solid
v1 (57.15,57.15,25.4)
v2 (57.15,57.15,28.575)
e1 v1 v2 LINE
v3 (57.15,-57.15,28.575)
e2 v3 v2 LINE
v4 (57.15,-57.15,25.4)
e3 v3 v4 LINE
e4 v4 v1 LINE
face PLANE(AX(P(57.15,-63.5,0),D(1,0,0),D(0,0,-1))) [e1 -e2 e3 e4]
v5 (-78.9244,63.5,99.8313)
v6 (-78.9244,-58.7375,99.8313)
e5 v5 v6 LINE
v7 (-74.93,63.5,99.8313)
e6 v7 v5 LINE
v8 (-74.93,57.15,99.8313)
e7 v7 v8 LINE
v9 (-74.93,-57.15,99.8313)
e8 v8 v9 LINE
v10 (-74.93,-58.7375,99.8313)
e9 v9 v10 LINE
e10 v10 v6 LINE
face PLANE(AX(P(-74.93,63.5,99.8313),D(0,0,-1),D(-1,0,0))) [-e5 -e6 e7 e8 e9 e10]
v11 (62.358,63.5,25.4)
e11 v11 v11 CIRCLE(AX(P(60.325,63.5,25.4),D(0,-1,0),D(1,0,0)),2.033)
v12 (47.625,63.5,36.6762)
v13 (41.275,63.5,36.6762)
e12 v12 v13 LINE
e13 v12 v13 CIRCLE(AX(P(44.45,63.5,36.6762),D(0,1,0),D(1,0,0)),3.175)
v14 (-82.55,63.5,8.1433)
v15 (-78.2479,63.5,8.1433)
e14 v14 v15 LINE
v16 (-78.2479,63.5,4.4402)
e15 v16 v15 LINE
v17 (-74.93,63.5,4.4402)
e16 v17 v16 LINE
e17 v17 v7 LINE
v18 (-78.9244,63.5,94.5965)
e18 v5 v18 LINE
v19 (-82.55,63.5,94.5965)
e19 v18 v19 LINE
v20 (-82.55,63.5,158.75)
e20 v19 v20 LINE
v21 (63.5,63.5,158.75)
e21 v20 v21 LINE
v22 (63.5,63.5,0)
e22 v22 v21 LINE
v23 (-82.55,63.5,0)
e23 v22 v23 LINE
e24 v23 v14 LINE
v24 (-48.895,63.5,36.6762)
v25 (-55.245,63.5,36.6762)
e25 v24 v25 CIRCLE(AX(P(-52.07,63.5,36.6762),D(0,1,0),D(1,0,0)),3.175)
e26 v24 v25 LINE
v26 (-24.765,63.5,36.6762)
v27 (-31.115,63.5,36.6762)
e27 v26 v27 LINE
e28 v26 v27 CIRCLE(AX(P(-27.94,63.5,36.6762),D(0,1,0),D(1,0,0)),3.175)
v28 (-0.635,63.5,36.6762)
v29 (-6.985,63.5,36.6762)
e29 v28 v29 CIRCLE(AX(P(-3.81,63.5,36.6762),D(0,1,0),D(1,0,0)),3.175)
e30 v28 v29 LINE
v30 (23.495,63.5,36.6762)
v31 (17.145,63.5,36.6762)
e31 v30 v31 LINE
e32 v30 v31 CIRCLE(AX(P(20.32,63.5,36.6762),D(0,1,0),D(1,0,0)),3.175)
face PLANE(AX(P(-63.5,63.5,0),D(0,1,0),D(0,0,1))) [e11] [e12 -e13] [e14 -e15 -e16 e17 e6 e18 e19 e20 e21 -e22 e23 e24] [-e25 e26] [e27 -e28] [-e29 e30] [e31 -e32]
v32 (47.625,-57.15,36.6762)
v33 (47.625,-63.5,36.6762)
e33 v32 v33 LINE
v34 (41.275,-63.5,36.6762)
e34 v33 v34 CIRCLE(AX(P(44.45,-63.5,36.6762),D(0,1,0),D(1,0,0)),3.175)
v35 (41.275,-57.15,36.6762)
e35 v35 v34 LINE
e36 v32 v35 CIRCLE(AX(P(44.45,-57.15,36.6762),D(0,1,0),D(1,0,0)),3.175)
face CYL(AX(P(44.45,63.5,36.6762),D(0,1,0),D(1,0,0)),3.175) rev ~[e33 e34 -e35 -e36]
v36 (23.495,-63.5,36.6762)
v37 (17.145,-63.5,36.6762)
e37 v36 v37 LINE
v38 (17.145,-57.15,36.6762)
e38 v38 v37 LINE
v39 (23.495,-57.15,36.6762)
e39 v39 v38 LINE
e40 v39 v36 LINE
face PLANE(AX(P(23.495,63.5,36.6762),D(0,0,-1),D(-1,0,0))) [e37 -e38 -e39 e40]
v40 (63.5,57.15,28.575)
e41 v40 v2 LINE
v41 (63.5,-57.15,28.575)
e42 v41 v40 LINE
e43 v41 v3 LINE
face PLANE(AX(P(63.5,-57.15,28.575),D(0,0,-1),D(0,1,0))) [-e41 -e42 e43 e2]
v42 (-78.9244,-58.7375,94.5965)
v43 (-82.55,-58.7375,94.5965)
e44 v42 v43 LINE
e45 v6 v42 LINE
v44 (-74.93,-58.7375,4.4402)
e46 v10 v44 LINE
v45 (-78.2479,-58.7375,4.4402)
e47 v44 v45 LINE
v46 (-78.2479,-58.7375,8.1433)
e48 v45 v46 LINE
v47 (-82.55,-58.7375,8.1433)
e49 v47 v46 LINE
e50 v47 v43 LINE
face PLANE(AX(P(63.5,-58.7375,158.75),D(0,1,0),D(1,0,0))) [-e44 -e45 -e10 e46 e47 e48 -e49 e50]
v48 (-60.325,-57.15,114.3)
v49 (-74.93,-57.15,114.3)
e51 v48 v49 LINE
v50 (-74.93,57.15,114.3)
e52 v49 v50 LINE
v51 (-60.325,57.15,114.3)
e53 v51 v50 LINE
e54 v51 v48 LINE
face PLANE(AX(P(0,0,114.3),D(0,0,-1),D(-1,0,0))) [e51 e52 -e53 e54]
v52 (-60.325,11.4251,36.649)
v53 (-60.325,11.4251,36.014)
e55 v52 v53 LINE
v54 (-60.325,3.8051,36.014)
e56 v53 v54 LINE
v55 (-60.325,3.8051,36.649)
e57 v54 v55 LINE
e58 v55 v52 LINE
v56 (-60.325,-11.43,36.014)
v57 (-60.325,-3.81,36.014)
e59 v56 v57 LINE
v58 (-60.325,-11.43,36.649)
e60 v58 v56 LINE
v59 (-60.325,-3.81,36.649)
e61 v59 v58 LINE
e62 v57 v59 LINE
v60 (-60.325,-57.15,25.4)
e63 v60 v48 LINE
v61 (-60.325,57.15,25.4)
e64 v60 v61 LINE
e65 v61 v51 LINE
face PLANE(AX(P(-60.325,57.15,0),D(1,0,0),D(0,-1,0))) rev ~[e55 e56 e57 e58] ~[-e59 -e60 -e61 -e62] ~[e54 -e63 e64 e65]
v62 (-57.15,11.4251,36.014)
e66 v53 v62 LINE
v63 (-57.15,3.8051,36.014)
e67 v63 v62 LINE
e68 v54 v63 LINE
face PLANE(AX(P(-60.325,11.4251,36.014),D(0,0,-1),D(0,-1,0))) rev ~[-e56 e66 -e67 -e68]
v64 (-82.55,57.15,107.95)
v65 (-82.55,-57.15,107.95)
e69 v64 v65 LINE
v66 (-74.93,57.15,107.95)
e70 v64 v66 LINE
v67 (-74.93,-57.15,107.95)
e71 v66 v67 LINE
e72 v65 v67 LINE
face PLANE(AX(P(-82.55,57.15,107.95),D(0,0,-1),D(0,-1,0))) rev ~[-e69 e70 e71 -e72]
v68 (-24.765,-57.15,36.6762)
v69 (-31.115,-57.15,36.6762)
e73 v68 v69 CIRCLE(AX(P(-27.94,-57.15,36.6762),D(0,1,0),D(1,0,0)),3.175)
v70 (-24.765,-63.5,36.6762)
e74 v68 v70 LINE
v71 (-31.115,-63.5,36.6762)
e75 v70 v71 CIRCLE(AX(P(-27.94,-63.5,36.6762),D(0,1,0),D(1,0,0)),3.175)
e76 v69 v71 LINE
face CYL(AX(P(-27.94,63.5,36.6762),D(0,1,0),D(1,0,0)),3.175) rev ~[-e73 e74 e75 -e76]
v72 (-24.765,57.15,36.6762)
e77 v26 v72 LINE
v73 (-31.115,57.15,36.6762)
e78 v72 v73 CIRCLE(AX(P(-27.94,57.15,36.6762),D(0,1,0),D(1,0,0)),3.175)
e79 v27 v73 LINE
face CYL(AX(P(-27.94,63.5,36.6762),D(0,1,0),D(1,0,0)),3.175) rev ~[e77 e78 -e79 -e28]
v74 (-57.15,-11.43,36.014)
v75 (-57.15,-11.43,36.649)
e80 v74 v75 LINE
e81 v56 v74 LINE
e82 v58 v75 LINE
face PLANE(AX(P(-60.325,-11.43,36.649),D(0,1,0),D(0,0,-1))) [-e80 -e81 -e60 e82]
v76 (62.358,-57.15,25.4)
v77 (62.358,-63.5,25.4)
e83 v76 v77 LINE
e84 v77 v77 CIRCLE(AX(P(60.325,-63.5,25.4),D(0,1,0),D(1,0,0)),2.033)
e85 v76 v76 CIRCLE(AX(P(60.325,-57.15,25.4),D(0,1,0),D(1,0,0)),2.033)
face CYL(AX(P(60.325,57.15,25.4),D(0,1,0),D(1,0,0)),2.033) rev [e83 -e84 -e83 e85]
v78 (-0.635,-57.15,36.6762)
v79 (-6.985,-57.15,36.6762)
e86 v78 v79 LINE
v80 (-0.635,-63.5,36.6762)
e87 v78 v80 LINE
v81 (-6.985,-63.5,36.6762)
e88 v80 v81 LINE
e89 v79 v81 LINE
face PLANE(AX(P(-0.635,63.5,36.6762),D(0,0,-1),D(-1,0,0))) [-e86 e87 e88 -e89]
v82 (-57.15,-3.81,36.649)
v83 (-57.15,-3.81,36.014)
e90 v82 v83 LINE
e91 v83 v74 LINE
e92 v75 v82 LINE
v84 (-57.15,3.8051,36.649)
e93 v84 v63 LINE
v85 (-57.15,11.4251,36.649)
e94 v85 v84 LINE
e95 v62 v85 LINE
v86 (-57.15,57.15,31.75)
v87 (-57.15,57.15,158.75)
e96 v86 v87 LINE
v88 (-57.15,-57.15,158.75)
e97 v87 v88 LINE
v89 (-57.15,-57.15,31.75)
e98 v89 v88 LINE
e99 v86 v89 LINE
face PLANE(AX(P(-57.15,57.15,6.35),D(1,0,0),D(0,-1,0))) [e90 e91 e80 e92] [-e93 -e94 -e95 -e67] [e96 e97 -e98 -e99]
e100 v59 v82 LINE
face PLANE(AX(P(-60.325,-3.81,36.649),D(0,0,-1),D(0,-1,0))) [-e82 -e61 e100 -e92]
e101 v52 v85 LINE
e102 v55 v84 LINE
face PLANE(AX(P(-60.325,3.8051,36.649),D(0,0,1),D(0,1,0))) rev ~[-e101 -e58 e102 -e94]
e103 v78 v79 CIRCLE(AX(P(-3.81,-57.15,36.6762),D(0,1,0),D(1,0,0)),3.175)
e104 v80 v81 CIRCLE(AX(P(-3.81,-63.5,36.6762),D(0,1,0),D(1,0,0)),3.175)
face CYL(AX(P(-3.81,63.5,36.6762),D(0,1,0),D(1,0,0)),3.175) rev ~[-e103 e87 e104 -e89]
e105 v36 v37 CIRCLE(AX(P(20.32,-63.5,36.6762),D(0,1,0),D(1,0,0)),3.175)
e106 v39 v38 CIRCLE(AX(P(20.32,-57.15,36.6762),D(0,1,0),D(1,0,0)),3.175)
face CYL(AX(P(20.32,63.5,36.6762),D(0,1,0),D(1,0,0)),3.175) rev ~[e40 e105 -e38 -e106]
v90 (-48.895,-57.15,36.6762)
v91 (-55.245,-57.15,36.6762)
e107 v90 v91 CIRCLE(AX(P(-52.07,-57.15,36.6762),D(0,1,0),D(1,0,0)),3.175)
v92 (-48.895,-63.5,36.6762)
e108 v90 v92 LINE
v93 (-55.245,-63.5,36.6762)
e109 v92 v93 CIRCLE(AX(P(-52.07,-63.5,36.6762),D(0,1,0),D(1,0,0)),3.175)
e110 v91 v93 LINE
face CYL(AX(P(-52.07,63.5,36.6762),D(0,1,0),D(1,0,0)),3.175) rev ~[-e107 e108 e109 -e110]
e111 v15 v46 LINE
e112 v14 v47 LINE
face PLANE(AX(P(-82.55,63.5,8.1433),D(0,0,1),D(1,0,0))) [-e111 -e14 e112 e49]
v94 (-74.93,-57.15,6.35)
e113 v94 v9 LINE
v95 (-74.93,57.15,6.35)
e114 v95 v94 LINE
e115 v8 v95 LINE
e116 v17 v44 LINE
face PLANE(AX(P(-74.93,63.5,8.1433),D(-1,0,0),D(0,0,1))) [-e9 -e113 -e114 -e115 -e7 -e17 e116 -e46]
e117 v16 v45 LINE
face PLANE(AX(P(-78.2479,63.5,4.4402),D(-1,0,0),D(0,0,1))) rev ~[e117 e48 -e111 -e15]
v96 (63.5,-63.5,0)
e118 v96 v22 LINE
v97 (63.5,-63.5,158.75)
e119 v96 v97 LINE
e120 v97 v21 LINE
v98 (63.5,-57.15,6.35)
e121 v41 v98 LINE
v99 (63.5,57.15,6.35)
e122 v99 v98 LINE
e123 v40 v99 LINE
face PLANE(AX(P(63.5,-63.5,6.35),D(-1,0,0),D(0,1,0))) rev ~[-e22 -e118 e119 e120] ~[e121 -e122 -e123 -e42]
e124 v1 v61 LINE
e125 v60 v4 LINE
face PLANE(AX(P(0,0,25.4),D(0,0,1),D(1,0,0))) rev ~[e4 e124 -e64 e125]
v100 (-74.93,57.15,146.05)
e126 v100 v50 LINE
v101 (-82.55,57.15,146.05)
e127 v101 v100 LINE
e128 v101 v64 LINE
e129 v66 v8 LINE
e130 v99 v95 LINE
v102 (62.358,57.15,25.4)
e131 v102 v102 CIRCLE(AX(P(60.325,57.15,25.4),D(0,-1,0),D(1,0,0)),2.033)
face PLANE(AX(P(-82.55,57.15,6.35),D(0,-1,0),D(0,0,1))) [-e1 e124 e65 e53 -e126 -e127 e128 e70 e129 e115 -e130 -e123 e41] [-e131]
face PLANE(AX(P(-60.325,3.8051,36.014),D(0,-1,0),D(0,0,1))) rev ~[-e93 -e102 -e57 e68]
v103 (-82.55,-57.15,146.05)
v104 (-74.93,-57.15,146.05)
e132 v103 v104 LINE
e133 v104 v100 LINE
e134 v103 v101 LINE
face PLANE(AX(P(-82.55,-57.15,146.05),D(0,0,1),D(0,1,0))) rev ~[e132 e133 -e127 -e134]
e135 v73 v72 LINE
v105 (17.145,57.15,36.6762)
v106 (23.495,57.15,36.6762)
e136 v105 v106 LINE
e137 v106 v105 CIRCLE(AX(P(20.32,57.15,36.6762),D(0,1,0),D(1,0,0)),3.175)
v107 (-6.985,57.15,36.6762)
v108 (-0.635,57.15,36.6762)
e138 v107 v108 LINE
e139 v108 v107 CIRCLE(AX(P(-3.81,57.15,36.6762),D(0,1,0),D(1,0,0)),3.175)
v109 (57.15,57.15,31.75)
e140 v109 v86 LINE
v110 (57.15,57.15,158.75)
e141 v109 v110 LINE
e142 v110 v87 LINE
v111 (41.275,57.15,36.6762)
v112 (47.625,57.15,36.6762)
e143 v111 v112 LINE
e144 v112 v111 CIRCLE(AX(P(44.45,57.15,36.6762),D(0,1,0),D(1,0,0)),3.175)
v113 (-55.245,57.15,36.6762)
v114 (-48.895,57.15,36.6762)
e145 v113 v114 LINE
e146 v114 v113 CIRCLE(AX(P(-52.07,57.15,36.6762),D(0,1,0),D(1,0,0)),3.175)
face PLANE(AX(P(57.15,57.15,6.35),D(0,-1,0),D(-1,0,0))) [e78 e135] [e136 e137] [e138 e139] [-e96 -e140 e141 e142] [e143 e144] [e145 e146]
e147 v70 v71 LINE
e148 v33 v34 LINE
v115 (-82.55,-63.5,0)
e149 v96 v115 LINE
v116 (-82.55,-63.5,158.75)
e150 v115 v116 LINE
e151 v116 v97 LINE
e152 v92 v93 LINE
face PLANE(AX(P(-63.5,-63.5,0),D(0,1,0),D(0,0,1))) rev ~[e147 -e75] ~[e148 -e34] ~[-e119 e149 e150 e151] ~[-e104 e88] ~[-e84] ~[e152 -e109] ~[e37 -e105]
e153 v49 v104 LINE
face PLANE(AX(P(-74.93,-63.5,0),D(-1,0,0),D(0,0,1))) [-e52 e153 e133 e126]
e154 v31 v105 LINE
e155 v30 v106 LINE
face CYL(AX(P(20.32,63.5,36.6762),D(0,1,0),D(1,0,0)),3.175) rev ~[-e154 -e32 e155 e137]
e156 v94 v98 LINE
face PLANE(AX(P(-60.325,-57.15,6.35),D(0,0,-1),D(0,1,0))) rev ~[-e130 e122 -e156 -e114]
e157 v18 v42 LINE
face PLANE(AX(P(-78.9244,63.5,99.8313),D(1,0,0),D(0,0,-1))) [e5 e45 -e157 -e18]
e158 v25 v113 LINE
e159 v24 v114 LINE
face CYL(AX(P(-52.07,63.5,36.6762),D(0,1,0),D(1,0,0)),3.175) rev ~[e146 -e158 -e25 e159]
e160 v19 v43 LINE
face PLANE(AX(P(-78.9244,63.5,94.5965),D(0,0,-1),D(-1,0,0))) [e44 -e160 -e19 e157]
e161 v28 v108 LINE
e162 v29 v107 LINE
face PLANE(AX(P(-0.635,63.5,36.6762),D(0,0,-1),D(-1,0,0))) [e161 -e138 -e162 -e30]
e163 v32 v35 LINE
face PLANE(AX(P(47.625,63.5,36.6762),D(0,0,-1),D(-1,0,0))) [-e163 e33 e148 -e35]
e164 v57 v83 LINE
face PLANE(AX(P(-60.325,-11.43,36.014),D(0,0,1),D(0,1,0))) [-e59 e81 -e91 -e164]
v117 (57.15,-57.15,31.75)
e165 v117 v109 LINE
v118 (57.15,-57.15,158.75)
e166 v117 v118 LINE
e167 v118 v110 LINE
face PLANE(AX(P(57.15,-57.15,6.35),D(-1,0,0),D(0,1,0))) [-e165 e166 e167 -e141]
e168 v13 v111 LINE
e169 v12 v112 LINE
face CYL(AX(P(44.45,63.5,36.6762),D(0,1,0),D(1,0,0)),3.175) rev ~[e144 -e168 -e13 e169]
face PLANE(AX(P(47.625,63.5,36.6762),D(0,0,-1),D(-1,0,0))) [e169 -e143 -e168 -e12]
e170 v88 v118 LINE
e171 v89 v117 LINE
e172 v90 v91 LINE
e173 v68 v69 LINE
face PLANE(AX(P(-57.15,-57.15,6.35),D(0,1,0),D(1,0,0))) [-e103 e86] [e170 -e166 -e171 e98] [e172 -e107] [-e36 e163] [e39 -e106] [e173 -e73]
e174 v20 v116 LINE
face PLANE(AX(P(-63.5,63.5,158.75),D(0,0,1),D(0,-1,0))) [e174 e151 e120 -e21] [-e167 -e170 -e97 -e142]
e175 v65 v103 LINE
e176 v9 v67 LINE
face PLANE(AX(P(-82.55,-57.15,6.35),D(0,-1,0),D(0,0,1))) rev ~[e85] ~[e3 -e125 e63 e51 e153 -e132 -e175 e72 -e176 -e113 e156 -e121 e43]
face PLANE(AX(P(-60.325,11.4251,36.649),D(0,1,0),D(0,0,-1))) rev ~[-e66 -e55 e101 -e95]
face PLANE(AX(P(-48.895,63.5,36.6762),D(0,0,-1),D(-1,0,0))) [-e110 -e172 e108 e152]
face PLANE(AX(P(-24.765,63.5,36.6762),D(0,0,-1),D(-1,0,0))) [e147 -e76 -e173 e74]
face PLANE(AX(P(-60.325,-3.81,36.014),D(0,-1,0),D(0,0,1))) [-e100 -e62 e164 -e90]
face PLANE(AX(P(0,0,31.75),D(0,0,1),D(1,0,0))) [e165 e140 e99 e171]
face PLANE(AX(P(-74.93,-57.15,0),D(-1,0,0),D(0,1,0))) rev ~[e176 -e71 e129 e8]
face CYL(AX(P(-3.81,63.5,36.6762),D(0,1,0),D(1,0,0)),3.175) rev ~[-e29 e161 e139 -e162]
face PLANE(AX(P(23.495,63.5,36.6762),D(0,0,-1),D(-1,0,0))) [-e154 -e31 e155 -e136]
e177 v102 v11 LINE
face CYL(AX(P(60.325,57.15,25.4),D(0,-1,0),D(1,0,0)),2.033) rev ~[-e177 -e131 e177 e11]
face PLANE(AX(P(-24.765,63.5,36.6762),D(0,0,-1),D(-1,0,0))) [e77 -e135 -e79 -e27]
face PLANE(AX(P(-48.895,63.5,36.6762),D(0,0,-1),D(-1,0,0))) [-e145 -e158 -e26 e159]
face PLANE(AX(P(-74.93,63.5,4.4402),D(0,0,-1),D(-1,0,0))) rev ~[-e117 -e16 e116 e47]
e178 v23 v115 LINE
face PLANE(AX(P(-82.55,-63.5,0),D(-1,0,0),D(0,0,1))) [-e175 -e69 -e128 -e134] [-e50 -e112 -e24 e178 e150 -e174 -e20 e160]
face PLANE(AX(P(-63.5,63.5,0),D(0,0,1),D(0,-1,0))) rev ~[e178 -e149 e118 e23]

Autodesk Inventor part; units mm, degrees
ref_plane "YZ Plane" through (0, 0, 0) normal (1, 0, 0) x (0, 1, 0)
ref_plane "XZ Plane" through (0, 0, 0) normal (0, 1, 0) x (-1, 0, 0)
ref_plane "XY Plane" through (0, 0, 0) normal (0, 0, 1) x (1, 0, 0)
sketch "Sketch1" plane through (0, 0, 0) normal (0, 0, 1) x (1, 0, 0)
  circle A0 centre (0, 0) radius 107.95 projected
  circle A1 centre (0, 0) radius 114.3 projected
  circle A2 centre (0, 0) radius 107.95 projected
  circle A3 centre (0, 0) radius 107.95 projected
  line L0 (-63.5, -63.5) -> (63.5, -63.5)
  line L1 (63.5, -63.5) -> (63.5, 63.5)
  line L2 (63.5, 63.5) -> (-63.5, 63.5)
  line L3 (-63.5, 63.5) -> (-63.5, -63.5)
  line L4 (-63.5, -63.5) -> (63.5, 63.5) construction
  line L5 (63.5, -63.5) -> (-63.5, 63.5) construction
  line L6 (57.15, 57.15) -> (57.15, -57.15)
  line L7 (57.15, -57.15) -> (-57.15, -57.15)
  line L8 (-57.15, -57.15) -> (-57.15, 57.15)
  line L9 (-57.15, 57.15) -> (57.15, 57.15)
  dimension "d0" = 127
  dimension "d1" = 127
  dimension "d2" = 6.35
extrude "Extrusion1" add sketch "Sketch1" along normal blind 6.35 contours L3 L2 L1 L0 | L6 L7 L8 L9
sketch "Sketch2" plane through (0, 0, 6.35) normal (0, 0, 1) x (1, 0, 0)
  line L0 (63.5, -63.5) -> (63.5, 63.5) projected
  line L1 (-63.5, 63.5) -> (63.5, 63.5)
  line L2 (63.5, 63.5) -> (63.5, -63.5)
  line L3 (63.5, -63.5) -> (-63.5, -63.5)
  line L4 (-63.5, -63.5) -> (-63.5, 63.5)
  line L5 (-63.5, 63.5) -> (63.5, -63.5) construction
  line L6 (63.5, 63.5) -> (-63.5, -63.5) construction
  line L7 (-57.15, -57.15) -> (57.15, -57.15)
  line L8 (57.15, -57.15) -> (57.15, 57.15)
  line L9 (57.15, 57.15) -> (-57.15, 57.15)
  line L10 (-57.15, 57.15) -> (-57.15, -57.15)
  point P0 (0, 0)
  dimension "d5" = 6.35
extrude "Extrusion2" add sketch "Sketch2" along normal blind 152.4
sketch "Sketch3" plane through (-63.5, -63.5, 0) normal (-1, 0, 0) x (0, 0, 1)
  line L0 (0, 127) -> (0, 0) projected
  line L1 (0, 0) -> (158.75, 0) projected
  line L2 (158.75, 127) -> (158.75, 0) projected
  line L3 (0, 127) -> (158.75, 127) projected
  point P0 (0, 63.5)
extrude "Extrusion3" add sketch "Sketch3" along normal blind 19.05
sketch "Sketch4" plane through (-82.55, -63.5, 0) normal (-1, 0, 0) x (0, 0, 1)
  line L0 (107.95, 6.35) -> (146.05, 6.35)
  line L1 (146.05, 6.35) -> (146.05, 120.65)
  line L2 (146.05, 120.65) -> (107.95, 120.65)
  line L3 (107.95, 120.65) -> (107.95, 6.35)
  line L4 (107.95, 6.35) -> (146.05, 120.65) construction
  line L5 (146.05, 6.35) -> (107.95, 120.65) construction
  line L6 (158.75, 127) -> (0, 127) projected
  line L7 (0, 0) -> (158.75, 0) projected
  line L8 (158.75, 0) -> (158.75, 127) projected
  point P0 (0, 63.5)
  point P1 (127, 63.5)
  dimension "d10" = 38.1
  dimension "d11" = 114.3
  dimension "d12" = 6.35
  dimension "d13" = 6.35
  dimension "d14" = 12.7
extrude "Extrusion4" cut sketch "Sketch4" against normal blind 7.62
ref_plane "Work Plane1" through (0, 0, 25.4) normal (0, 0, 1) x (1, 0, 0)
sketch "Sketch6" plane through (0, 0, 25.4) normal (0, 0, 1) x (1, 0, 0)
  line L0 (-57.15, -57.15) -> (57.15, -57.15) projected
  line L1 (57.15, -57.15) -> (57.15, 57.15) projected
  line L2 (57.15, 57.15) -> (-57.15, 57.15) projected
  line L3 (-57.15, 57.15) -> (-57.15, -57.15) projected
  point P0 (0, 0)
extrude "Extrusion5" add sketch "Sketch6" along normal blind 6.35
sketch "Sketch7" plane through (63.5, 63.5, 158.75) normal (0, 1, 0) x (1, 0, 0)
  line L0 (-6.35, 133.35) -> (-120.65, 133.35) projected
  line L1 (-120.65, 127) -> (-6.35, 127) projected
  circle A0 centre (-19.05, 122.0738) radius 3.175
  circle A1 centre (-43.18, 122.0738) radius 3.175
  circle A2 centre (-67.31, 122.0738) radius 3.175
  circle A3 centre (-91.44, 122.0738) radius 3.175
  circle A4 centre (-115.57, 122.0738) radius 3.175
  line L2 (-15.875, 122.0738) -> (-22.225, 122.0738)
  line L3 (-40.005, 122.0738) -> (-46.355, 122.0738)
  line L4 (-64.135, 122.0738) -> (-70.485, 122.0738)
  line L5 (-88.265, 122.0738) -> (-94.615, 122.0738)
  line L6 (-112.395, 122.0738) -> (-118.745, 122.0738)
  point P0 (-63.5, 158.75)
  dimension "d20" = 6.35
  dimension "d21" = 12.7
  dimension "d24" = 24.13
extrude "Extrusion6" cut sketch "Sketch7" against normal blind 127 contours L2 A0 | L3 A1 | L4 A2 | L5 A3 | L6 A4 picked at (-18.2578, 122.7756) picked at (-43.0524, 123.1244) picked at (-66.7088, 122.9448) picked at (-90.8388, 122.9448) picked at (-114.8476, 123.4366)
sketch "Sketch8" plane through (63.5, -63.5, 0) normal (1, 0, 0) x (0, 0, -1)
  line L0 (-6.35, 120.65) -> (-25.4, 120.65) projected
  line L1 (-158.75, 6.35) -> (-6.35, 6.35)
  line L2 (-6.35, 120.65) -> (-158.75, 120.65)
  line L3 (-6.35, 120.65) -> (-6.35, 6.35) projected
  line L4 (-6.35, 6.35) -> (-6.35, 120.65)
  line L5 (-28.575, 6.35) -> (-28.575, 120.65)
  point P0 (0, 63.5)
  point P1 (-25.4, 6.35)
extrude "Extrusion7" cut sketch "Sketch8" against normal blind 6.35
sketch "Sketch9" plane through (-57.15, 57.15, 6.35) normal (0, -1, 0) x (1, 0, 0)
  circle A0 centre (117.475, 19.05) radius 2.033
  line L0 (114.3, 19.05) -> (0, 19.05) projected
  line L1 (0, 0) -> (0, 19.05) projected
  line L2 (120.65, 0) -> (0, 0) projected
  line L3 (120.65, 22.225) -> (120.65, 0) projected
  line L4 (120.65, 22.225) -> (114.3, 22.225) projected
  line L5 (114.3, 22.225) -> (114.3, 19.05) projected
  point P0 (57.15, -6.35)
  dimension "d34" = 3.175
  dimension "d35" = 3.175
extrude "Extrusion8" cut sketch "Sketch9" along normal mid plane 254 contours A0
sketch "Sketch10" plane through (0, 0, 0) normal (0, 0, -1) x (-1, 0, 0)
  line L0 (57.15, 57.15) -> (57.15, -57.15) projected
  line L1 (74.93, -57.15) -> (74.93, 57.15) projected
  line L2 (57.15, 57.15) -> (74.93, 57.15)
  line L3 (82.55, -57.15) -> (74.93, -57.15) projected
  line L4 (57.15, -57.15) -> (74.93, -57.15)
  line L5 (60.325, 57.15) -> (60.325, -57.15)
  point P0 (0, 0)
  dimension "d40" = 3.175
extrude "Extrusion9" cut sketch "Sketch10" against normal blind 114.3 contours L2 L1 L4 L5
sketch "Sketch11" plane through (-82.55, -63.5, 0) normal (-1, 0, 0) x (0, 0, 1)
  line L0 (6.35, 120.65) -> (6.35, 6.35) projected
  line L1 (6.35, 120.65) -> (6.35, 6.35)
  line L2 (25.4, 120.65) -> (25.4, 6.35) projected
  line L3 (6.35, 6.35) -> (25.4, 6.35)
  line L4 (6.35, 120.65) -> (25.4, 120.65) projected
  line L5 (25.4, 120.65) -> (6.35, 120.65)
  point P0 (0, 63.5)
extrude "Extrusion10" cut sketch "Sketch11" against normal blind 42.8625
sketch "Sketch12" plane through (-60.325, -57.15, 0) normal (-1, 0, 0) x (0, 0, 1)
  point P0 (0, 57.15)
sketch "Sketch13" plane through (-60.325, -57.15, 0) normal (-1, 0, 0) x (0, 0, 1)
  line L0 (0, 114.3) -> (6.35, 114.3) projected
  line L1 (6.35, 114.3) -> (0, 114.3)
  line L2 (0, 114.3) -> (0, -0.7007)
  line L3 (0, 120.65) -> (0, -6.35) projected
  line L4 (0, 0) -> (6.35, 0) projected
  line L5 (6.35, 0) -> (6.35, 114.3)
  point P0 (0, 57.15)
extrude "Extrusion11" add sketch "Sketch13" along normal blind 22.225
sketch "Sketch14" plane through (-82.55, -57.15, 25.4) normal (0, 0, -1) x (-1, 0, 0)
  line L0 (0, 114.3) -> (0, 0) projected
  line L1 (0, 114.3) -> (-7.62, 114.3) projected
  line L2 (0, 114.3) -> (-7.62, 114.3)
  line L3 (-7.62, 0) -> (-7.62, 114.3) projected
  line L4 (-7.62, 114.3) -> (-7.62, 0)
  line L5 (0, 0) -> (-7.62, 0) projected
  line L6 (-7.62, 0) -> (0, 0)
  line L7 (0, 0) -> (0, 114.3)
  point P0 (-82.55, 57.15)
extrude "Extrusion12" add sketch "Sketch14" along normal blind 22.225
sketch "Sketch16" plane through (63.5, 63.5, 158.75) normal (0, 1, 0) x (1, 0, 0)
  line L0 (-138.43, 152.4) -> (-138.43, 50.8) projected
  line L1 (-138.43, 58.9187) -> (-142.4244, 58.9187)
  line L2 (-142.4244, 58.9187) -> (-142.4244, 64.1535)
  line L3 (-142.4244, 64.1535) -> (-146.05, 64.1535)
  line L4 (-146.05, 158.75) -> (-146.05, 0) projected
  line L5 (-146.05, 150.6067) -> (-137.3483, 150.6067)
  line L6 (-137.3483, 150.6067) -> (-137.3483, 58.9187)
  line L7 (-137.3483, 58.9187) -> (-138.43, 58.9187)
  point P0 (-63.5, 158.75)
  point P1 (-138.43, 150.6067)
extrude "Extrusion13" cut sketch "Sketch16" against normal blind 122.2375 contours L0 L1 L2 L3 L4 L5
sketch "Sketch17" plane through (63.5, 63.5, 158.75) normal (0, 1, 0) x (1, 0, 0)
  line L0 (-138.43, 150.6067) -> (-138.43, 154.3098)
  line L1 (-138.43, 154.3098) -> (-141.7479, 154.3098)
  line L2 (-141.7479, 154.3098) -> (-141.7479, 150.6067)
  line L3 (-146.05, 150.6067) -> (-138.43, 150.6067) projected
  point P0 (-63.5, 158.75)
extrude "Extrusion14" cut sketch "Sketch17" against normal blind 122.2375
sketch "Sketch19" plane through (-60.325, -57.15, 25.4) normal (-1, 0, 0) x (0, 0, 1)
  line L0 (10.614, 53.34) -> (11.249, 53.34)
  line L1 (11.249, 53.34) -> (11.249, 45.72)
  line L2 (11.249, 45.72) -> (10.614, 45.72)
  line L3 (10.614, 45.72) -> (10.614, 53.34)
  line L4 (10.614, 60.9551) -> (11.249, 60.9551)
  line L5 (11.249, 60.9551) -> (11.249, 68.5751)
  line L6 (11.249, 68.5751) -> (10.614, 68.5751)
  line L7 (10.614, 68.5751) -> (10.614, 60.9551)
  point P0 (-25.4, 57.15)
  dimension "d53" = 0.635
  dimension "d54" = 7.62
  dimension "d55" = 0.635
  dimension "d56" = 7.62
  dimension "d57" = 0.635
extrude "Extrusion15" cut sketch "Sketch19" against normal blind 47.625
properties part number "SqPot"
